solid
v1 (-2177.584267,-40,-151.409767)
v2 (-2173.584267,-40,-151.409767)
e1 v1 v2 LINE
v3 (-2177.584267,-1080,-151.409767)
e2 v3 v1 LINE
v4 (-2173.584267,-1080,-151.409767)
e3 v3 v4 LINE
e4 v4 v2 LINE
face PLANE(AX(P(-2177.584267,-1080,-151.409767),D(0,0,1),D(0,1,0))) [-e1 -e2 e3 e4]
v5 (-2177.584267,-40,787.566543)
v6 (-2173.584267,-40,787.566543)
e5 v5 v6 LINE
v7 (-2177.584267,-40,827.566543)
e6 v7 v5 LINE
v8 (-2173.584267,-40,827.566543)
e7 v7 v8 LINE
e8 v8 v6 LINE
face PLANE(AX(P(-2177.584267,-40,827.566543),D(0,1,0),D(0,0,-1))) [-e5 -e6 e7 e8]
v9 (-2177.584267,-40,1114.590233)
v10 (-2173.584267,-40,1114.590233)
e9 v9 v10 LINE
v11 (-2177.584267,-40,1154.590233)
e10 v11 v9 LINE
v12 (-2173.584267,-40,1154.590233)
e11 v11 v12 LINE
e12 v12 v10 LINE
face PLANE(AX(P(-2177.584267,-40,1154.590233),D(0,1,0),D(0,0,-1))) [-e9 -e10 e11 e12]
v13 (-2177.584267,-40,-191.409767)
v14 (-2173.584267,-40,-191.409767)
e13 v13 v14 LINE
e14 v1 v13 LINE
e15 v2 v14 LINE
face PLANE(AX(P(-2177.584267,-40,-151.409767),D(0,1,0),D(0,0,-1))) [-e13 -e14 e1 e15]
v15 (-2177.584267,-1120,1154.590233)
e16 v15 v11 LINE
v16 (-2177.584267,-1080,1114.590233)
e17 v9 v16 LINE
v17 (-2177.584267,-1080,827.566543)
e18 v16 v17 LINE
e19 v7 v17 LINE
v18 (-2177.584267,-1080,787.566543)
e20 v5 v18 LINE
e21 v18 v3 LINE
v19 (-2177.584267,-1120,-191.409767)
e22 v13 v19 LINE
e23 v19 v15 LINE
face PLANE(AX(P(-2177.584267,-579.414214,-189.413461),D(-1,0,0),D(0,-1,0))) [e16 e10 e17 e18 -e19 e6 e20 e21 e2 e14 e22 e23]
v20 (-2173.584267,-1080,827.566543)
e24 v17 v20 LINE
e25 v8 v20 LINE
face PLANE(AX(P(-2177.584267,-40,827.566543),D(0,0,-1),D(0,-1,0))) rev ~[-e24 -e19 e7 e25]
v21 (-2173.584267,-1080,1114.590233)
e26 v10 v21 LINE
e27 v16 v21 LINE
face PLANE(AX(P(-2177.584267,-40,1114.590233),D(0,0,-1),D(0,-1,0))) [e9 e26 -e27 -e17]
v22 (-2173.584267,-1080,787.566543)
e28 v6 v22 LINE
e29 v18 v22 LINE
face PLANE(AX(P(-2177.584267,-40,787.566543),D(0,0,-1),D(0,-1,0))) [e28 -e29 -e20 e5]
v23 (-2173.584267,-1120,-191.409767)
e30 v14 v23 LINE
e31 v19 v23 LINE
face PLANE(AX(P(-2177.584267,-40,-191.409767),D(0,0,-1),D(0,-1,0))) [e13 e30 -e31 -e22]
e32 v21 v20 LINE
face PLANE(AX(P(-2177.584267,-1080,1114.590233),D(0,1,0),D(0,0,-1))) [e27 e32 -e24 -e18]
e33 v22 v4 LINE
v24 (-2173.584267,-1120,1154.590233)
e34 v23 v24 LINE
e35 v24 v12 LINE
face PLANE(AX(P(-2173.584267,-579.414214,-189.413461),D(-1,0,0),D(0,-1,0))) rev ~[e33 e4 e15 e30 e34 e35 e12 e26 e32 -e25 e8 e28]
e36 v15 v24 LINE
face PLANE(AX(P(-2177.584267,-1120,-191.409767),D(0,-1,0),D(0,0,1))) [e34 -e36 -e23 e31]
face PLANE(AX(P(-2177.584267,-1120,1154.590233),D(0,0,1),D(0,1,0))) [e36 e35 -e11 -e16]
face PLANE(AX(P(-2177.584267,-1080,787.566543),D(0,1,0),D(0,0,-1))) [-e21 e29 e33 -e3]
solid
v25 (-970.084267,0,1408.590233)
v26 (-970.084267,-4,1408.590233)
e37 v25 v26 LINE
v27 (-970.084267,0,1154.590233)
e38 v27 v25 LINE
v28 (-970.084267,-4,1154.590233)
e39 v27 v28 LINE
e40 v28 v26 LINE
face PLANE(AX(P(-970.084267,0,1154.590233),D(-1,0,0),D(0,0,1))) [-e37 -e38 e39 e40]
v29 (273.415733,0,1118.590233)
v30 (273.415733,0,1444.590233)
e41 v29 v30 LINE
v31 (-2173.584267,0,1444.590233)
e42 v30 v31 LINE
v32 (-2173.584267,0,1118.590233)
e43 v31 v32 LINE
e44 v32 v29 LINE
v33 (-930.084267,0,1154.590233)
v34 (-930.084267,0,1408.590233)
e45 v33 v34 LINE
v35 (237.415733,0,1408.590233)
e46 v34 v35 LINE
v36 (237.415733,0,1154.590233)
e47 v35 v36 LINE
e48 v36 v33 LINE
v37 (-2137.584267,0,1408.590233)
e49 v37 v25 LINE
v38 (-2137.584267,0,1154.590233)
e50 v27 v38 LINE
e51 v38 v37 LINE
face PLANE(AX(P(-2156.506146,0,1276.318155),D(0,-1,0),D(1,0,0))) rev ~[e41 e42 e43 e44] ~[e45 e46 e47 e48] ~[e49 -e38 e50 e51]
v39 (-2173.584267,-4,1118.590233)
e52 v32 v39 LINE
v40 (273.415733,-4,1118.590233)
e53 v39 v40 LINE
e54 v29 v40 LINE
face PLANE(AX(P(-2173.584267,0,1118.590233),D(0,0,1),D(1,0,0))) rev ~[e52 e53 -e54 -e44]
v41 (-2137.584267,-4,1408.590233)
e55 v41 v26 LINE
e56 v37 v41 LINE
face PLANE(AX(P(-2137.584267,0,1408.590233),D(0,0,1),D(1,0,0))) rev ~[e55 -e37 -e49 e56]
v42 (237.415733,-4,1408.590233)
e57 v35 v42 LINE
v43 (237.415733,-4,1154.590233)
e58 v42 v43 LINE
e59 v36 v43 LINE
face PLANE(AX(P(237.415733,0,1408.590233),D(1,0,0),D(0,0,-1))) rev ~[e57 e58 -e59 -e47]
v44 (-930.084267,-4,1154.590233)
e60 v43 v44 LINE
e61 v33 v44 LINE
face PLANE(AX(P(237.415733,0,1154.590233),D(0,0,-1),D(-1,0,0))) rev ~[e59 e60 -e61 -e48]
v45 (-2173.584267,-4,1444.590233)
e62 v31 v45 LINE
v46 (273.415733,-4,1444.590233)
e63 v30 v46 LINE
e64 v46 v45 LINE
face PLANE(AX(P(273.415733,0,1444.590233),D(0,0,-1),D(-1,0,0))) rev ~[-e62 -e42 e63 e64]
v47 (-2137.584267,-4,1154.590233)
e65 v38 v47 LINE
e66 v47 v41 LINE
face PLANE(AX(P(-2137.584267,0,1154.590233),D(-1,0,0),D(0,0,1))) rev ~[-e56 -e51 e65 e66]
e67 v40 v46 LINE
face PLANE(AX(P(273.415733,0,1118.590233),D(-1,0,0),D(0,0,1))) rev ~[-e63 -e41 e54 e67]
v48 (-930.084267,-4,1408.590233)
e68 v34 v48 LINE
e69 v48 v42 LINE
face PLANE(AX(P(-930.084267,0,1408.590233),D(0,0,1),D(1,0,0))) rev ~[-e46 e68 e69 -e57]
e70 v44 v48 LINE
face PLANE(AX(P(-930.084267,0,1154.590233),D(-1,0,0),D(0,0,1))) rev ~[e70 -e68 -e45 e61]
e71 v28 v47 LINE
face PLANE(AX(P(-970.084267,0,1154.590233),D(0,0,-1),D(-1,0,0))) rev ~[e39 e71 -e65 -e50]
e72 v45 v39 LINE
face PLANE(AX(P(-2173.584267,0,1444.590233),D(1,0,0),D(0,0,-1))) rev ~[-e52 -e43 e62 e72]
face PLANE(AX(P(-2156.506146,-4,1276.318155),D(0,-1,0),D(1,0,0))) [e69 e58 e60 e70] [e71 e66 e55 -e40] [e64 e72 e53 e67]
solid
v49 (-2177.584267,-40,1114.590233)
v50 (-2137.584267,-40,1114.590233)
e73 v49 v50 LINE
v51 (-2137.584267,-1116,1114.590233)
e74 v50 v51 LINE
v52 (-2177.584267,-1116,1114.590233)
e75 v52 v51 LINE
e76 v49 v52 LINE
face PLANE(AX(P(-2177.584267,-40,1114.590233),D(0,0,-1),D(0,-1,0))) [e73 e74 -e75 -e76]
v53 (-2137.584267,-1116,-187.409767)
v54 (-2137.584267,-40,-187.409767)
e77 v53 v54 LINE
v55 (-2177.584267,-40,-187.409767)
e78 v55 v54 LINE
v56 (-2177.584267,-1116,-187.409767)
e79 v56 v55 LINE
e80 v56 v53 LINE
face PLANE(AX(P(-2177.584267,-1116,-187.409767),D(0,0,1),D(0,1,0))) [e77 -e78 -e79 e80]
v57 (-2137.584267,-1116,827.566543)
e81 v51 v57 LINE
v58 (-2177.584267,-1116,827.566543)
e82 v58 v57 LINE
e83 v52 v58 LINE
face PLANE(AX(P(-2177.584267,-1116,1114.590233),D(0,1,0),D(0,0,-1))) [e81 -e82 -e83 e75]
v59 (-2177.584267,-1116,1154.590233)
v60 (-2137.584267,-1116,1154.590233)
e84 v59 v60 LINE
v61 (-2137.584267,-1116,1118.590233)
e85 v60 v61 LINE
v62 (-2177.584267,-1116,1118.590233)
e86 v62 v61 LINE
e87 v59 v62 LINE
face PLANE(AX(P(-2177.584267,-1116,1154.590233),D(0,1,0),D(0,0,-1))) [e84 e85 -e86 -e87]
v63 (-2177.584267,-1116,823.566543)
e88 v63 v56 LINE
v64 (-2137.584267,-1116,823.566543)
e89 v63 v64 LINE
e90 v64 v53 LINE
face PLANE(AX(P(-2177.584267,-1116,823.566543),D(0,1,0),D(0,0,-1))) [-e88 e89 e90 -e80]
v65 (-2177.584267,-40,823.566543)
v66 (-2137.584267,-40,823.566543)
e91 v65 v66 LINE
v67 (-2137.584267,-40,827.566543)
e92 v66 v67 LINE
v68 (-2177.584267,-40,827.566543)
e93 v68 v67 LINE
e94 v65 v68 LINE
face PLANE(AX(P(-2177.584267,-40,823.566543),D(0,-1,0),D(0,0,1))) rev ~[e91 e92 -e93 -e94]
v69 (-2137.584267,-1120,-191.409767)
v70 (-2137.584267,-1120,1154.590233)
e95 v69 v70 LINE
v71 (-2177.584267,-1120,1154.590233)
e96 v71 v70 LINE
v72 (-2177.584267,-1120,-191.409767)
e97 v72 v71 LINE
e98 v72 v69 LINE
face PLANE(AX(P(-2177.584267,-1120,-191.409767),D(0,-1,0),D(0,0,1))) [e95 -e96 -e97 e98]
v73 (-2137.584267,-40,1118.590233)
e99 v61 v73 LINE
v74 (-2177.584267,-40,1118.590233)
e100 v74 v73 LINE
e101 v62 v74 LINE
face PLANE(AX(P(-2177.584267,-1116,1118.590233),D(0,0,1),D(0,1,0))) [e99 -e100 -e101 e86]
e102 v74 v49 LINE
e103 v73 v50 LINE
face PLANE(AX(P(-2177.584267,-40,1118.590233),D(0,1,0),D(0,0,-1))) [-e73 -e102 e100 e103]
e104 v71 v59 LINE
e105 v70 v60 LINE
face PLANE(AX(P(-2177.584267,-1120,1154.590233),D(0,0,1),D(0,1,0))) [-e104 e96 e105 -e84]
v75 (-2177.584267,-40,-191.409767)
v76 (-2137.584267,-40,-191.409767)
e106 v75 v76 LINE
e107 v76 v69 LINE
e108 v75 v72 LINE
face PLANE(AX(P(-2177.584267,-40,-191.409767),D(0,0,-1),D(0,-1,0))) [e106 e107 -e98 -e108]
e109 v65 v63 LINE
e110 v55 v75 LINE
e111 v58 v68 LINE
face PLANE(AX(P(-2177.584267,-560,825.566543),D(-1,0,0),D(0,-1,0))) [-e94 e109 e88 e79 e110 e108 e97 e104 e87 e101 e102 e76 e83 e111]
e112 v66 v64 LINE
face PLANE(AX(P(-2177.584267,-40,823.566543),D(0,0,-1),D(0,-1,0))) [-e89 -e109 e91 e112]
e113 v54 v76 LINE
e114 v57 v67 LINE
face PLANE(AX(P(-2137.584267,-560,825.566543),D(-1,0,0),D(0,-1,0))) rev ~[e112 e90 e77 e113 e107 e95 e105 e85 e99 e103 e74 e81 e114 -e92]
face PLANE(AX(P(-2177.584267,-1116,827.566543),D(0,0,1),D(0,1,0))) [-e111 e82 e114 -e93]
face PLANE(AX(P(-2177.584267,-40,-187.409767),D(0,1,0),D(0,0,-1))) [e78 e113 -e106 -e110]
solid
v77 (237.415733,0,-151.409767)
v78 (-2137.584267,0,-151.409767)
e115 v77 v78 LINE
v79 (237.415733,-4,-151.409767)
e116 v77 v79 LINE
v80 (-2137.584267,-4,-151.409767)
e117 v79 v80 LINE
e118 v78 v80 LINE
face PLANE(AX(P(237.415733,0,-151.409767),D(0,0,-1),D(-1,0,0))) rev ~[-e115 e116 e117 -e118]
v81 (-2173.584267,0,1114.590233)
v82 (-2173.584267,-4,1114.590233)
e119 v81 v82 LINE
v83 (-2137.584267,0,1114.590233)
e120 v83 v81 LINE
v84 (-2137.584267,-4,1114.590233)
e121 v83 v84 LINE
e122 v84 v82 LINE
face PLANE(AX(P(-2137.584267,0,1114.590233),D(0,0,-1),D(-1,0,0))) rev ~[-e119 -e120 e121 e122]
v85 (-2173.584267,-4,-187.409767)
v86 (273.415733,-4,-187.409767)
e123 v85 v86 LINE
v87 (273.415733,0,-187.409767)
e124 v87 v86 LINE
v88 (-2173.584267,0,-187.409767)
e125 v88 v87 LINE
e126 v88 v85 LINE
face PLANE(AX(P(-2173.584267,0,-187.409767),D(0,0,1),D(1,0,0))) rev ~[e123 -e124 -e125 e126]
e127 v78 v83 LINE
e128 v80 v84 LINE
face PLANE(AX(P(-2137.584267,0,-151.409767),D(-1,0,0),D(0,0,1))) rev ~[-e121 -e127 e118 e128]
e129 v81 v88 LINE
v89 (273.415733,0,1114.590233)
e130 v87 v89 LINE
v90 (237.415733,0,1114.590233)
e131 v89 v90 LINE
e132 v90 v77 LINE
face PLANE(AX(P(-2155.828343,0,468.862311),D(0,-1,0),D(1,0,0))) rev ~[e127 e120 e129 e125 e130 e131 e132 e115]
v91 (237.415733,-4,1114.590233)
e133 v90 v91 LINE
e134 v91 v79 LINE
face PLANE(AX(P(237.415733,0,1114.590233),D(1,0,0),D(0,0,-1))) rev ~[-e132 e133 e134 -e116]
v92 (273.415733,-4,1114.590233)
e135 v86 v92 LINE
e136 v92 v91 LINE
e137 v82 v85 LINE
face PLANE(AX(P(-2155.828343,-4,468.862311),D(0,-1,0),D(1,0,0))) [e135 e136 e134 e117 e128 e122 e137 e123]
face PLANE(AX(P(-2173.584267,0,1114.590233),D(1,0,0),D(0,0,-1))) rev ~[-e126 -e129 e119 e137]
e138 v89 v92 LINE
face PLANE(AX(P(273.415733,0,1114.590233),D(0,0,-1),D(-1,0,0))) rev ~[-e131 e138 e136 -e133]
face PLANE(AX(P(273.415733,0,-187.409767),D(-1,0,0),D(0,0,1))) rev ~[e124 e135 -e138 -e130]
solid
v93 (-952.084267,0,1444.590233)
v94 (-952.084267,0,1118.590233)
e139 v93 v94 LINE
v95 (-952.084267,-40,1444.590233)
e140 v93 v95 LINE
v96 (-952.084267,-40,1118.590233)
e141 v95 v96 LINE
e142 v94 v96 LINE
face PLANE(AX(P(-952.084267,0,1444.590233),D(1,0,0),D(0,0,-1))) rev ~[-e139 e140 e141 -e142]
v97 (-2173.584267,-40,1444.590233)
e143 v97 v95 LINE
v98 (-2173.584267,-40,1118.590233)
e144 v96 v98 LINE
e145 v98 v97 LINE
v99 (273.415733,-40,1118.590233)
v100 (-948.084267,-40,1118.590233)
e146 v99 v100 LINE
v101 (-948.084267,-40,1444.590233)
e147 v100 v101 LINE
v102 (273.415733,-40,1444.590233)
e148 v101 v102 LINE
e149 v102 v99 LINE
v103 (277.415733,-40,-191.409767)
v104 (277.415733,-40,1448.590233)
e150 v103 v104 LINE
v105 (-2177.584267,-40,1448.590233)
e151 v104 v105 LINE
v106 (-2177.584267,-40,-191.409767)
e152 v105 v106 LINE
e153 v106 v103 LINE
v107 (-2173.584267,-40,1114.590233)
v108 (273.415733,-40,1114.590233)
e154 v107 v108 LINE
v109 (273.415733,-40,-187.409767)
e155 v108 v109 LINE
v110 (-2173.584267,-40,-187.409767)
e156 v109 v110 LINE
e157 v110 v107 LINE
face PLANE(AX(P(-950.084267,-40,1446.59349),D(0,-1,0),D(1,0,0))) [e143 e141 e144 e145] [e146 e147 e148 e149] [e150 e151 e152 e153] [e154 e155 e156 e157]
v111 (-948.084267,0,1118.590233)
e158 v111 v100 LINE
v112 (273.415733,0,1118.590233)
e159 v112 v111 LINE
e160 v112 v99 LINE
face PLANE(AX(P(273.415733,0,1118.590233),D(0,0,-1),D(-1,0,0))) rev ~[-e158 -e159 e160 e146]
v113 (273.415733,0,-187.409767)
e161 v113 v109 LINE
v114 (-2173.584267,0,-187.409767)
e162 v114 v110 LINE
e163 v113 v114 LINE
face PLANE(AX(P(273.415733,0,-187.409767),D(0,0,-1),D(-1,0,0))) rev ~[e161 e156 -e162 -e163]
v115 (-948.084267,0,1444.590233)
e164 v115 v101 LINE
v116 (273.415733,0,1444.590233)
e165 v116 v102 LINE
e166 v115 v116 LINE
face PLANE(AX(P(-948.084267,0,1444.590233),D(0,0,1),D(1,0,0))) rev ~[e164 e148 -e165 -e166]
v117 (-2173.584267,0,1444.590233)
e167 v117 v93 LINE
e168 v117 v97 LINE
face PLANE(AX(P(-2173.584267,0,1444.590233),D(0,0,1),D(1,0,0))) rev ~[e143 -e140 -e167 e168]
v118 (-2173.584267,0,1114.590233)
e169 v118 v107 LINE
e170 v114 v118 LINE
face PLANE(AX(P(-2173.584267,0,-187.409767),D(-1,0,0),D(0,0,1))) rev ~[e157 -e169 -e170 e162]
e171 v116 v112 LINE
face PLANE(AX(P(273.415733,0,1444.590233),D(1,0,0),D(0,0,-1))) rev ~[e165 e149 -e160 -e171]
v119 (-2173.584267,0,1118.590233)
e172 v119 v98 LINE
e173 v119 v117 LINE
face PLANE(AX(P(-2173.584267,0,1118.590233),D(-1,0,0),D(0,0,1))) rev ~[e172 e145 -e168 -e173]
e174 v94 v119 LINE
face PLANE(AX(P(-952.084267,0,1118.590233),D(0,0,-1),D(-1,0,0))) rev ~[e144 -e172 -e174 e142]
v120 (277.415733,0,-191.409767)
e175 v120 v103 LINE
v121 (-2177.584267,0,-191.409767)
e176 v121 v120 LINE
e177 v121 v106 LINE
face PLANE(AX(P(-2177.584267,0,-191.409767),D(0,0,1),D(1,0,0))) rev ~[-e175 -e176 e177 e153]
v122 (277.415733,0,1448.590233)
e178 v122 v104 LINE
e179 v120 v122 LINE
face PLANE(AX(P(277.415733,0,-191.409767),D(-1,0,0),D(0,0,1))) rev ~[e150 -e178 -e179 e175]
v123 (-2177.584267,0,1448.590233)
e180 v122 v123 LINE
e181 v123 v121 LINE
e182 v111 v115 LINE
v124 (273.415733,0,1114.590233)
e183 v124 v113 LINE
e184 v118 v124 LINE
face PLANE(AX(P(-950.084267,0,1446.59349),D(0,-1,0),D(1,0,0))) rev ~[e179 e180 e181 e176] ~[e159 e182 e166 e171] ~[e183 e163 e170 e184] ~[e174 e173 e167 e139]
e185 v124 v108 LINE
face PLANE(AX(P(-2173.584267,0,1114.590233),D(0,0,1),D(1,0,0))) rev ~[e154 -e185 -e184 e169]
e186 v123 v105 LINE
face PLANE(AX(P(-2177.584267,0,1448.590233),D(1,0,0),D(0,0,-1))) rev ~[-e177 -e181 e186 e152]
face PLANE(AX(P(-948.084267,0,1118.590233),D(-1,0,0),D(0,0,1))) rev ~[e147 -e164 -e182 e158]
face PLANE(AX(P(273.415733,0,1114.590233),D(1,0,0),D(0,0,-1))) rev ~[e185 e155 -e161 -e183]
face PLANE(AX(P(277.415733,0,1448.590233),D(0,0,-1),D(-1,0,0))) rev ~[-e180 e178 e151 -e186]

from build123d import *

# Parameters (mm, degrees)
F1_DEPTH = 4
F0_W     = 18
F0_H     = 254
F0_W_2   = 4
F0_H_2   = 36
F0_W_3   = 36
F0_H_3   = 4
F2_DEPTH = 40
F3_W     = 1076
F3_H     = 36
F3_W_2   = 36
F3_W_3   = 1040
F3_H_2   = 4
F3_H_3   = 287.0236907005
F4_DEPTH = 4
F5_DEPTH = 40


with BuildPart() as f1:
    # F0 (on Front) → F1 (new body)
    with BuildSketch(Plane.XZ):
        Polygon((-2173.5842666626, 1114.590233326), (-2173.5842666626, -187.409766674), (-2137.5842666626, -151.409766674), (-2137.5842666626, 1114.590233326), align=None)
        Polygon((237.4157333374, -151.409766674), (273.4157333374, -187.409766674), (273.4157333374, 1114.590233326), (237.4157333374, 1114.590233326), align=None)
        Polygon((-2137.5842666626, -151.409766674), (-2173.5842666626, -187.409766674), (273.4157333374, -187.409766674), (237.4157333374, -151.409766674), align=None)
    extrude(amount=F1_DEPTH)


with BuildPart() as f1b:
    # F0 (on Front) → F1, piece 2 (new body)
    with BuildSketch(Plane.XZ):
        Polygon((-2137.5842666626, 1408.590233326), (-2173.5842666626, 1444.590233326), (-2173.5842666626, 1118.590233326), (-2137.5842666626, 1118.590233326), (-2137.5842666626, 1154.590233326), align=None)
        Polygon((-970.0842666626, 1154.590233326), (-2137.5842666626, 1154.590233326), (-2137.5842666626, 1118.590233326), (-952.0842666626, 1118.590233326), (-952.0842666626, 1154.590233326), align=None)
        Polygon((-952.0842666626, 1444.590233326), (-2173.5842666626, 1444.590233326), (-2137.5842666626, 1408.590233326), (-970.0842666626, 1408.590233326), (-952.0842666626, 1408.590233326), align=None)
        with Locations((-961.0842666626, 1281.590233326)):
            Rectangle(F0_W, F0_H)
        with Locations((-939.0842666626, 1281.590233326)):
            Rectangle(F0_W, F0_H)
        Polygon((237.4157333374, 1118.590233326), (237.4157333374, 1154.590233326), (-930.0842666626, 1154.590233326), (-948.0842666626, 1154.590233326), (-948.0842666626, 1118.590233326), align=None)
        Polygon((237.4157333374, 1408.590233326), (273.4157333374, 1444.590233326), (-948.0842666626, 1444.590233326), (-948.0842666626, 1408.590233326), (-930.0842666626, 1408.590233326), align=None)
        Polygon((273.4157333374, 1118.590233326), (273.4157333374, 1444.590233326), (237.4157333374, 1408.590233326), (237.4157333374, 1154.590233326), (237.4157333374, 1118.590233326), align=None)
        with Locations((-950.0842666626, 1281.590233326)):
            Rectangle(F0_W_2, F0_H)
        with Locations((-950.0842666626, 1136.590233326)):
            Rectangle(F0_W_2, F0_H_2)
        with Locations((-950.0842666626, 1426.590233326)):
            Rectangle(F0_W_2, F0_H_2)
    extrude(amount=F1_DEPTH)


with BuildPart() as f2:
    # F0 (on Front) → F2 (new body)
    with BuildSketch(Plane.XZ):
        Polygon((277.4157333374, 1448.590233326), (-2177.5842666626, 1448.590233326), (-2173.5842666626, 1444.590233326), (-952.0842666626, 1444.590233326), (-948.0842666626, 1444.590233326), (273.4157333374, 1444.590233326), align=None)
        with Locations((-950.0842666626, 1426.590233326)):
            Rectangle(F0_W_2, F0_H_2)
        with Locations((-950.0842666626, 1281.590233326)):
            Rectangle(F0_W_2, F0_H)
        with Locations((-950.0842666626, 1136.590233326)):
            Rectangle(F0_W_2, F0_H_2)
        Polygon((-952.0842666626, 1118.590233326), (-2137.5842666626, 1118.590233326), (-2137.5842666626, 1114.590233326), (237.4157333374, 1114.590233326), (237.4157333374, 1118.590233326), (-948.0842666626, 1118.590233326), align=None)
        Polygon((277.4157333374, -191.409766674), (277.4157333374, 1448.590233326), (273.4157333374, 1444.590233326), (273.4157333374, 1118.590233326), (273.4157333374, 1114.590233326), (273.4157333374, -187.409766674), align=None)
        Polygon((-2173.5842666626, 1444.590233326), (-2177.5842666626, 1448.590233326), (-2177.5842666626, -191.409766674), (-2173.5842666626, -187.409766674), (-2173.5842666626, 1114.590233326), (-2173.5842666626, 1118.590233326), align=None)
        with Locations((-2155.5842666626, 1116.590233326)):
            Rectangle(F0_W_3, F0_H_3)
        with Locations((255.4157333374, 1116.590233326)):
            Rectangle(F0_W_3, F0_H_3)
        Polygon((-2173.5842666626, -187.409766674), (-2177.5842666626, -191.409766674), (277.4157333374, -191.409766674), (273.4157333374, -187.409766674), align=None)
    extrude(amount=F2_DEPTH)


with BuildPart() as f4:
    # F3 (on face) → F4 (new body)
    with BuildSketch(Plane(origin=(-2177.5842666626, 0, 0), x_dir=(0, -1, 0), z_dir=(-1, 0, 0))):
        Polygon((40, -187.409766674), (40, -191.409766674), (1120, -191.409766674), (1116, -187.409766674), align=None)
        Polygon((1116, -187.409766674), (1120, -191.409766674), (1120, 1154.590233326), (1116, 1154.590233326), (1116, 1118.590233326), (1116, 1114.590233326), (1116, 827.5665426254), (1116, 823.5665426254), (1116, 787.5665426254), align=None)
        Polygon((40, -151.409766674), (40, -187.409766674), (1116, -187.409766674), (1080, -151.409766674), align=None)
        Polygon((1080, -151.409766674), (1116, -187.409766674), (1116, 787.5665426254), (1080, 787.5665426254), align=None)
        with Locations((578, 1136.590233326)):
            Rectangle(F3_W, F3_H)
        with Locations((1098, 805.5665426254)):
            Rectangle(F3_W_2, F3_H)
        Polygon((1116, 1114.590233326), (1116, 1118.590233326), (40, 1118.590233326), (40, 1114.590233326), (1080, 1114.590233326), align=None)
        with Locations((560, 805.5665426254)):
            Rectangle(F3_W_3, F3_H)
        with Locations((1098, 825.5665426254)):
            Rectangle(F3_W_2, F3_H_2)
        with Locations((1098, 971.0783879757)):
            Rectangle(F3_W_2, F3_H_3)
        with Locations((560, 825.5665426254)):
            Rectangle(F3_W_3, F3_H_2)
    extrude(amount=-F4_DEPTH)


with BuildPart() as f5:
    # F3 (on face) → F5 (new body)
    with BuildSketch(Plane(origin=(-2177.5842666626, 0, 0), x_dir=(0, -1, 0), z_dir=(-1, 0, 0))):
        with Locations((560, 825.5665426254)):
            Rectangle(F3_W_3, F3_H_2)
        with Locations((1098, 825.5665426254)):
            Rectangle(F3_W_2, F3_H_2)
        Polygon((1116, -187.409766674), (1120, -191.409766674), (1120, 1154.590233326), (1116, 1154.590233326), (1116, 1118.590233326), (1116, 1114.590233326), (1116, 827.5665426254), (1116, 823.5665426254), (1116, 787.5665426254), align=None)
        Polygon((1116, 1114.590233326), (1116, 1118.590233326), (40, 1118.590233326), (40, 1114.590233326), (1080, 1114.590233326), align=None)
        Polygon((40, -187.409766674), (40, -191.409766674), (1120, -191.409766674), (1116, -187.409766674), align=None)
    extrude(amount=-F5_DEPTH)


solid = Compound([f1.part, f1b.part, f2.part, f4.part, f5.part])
